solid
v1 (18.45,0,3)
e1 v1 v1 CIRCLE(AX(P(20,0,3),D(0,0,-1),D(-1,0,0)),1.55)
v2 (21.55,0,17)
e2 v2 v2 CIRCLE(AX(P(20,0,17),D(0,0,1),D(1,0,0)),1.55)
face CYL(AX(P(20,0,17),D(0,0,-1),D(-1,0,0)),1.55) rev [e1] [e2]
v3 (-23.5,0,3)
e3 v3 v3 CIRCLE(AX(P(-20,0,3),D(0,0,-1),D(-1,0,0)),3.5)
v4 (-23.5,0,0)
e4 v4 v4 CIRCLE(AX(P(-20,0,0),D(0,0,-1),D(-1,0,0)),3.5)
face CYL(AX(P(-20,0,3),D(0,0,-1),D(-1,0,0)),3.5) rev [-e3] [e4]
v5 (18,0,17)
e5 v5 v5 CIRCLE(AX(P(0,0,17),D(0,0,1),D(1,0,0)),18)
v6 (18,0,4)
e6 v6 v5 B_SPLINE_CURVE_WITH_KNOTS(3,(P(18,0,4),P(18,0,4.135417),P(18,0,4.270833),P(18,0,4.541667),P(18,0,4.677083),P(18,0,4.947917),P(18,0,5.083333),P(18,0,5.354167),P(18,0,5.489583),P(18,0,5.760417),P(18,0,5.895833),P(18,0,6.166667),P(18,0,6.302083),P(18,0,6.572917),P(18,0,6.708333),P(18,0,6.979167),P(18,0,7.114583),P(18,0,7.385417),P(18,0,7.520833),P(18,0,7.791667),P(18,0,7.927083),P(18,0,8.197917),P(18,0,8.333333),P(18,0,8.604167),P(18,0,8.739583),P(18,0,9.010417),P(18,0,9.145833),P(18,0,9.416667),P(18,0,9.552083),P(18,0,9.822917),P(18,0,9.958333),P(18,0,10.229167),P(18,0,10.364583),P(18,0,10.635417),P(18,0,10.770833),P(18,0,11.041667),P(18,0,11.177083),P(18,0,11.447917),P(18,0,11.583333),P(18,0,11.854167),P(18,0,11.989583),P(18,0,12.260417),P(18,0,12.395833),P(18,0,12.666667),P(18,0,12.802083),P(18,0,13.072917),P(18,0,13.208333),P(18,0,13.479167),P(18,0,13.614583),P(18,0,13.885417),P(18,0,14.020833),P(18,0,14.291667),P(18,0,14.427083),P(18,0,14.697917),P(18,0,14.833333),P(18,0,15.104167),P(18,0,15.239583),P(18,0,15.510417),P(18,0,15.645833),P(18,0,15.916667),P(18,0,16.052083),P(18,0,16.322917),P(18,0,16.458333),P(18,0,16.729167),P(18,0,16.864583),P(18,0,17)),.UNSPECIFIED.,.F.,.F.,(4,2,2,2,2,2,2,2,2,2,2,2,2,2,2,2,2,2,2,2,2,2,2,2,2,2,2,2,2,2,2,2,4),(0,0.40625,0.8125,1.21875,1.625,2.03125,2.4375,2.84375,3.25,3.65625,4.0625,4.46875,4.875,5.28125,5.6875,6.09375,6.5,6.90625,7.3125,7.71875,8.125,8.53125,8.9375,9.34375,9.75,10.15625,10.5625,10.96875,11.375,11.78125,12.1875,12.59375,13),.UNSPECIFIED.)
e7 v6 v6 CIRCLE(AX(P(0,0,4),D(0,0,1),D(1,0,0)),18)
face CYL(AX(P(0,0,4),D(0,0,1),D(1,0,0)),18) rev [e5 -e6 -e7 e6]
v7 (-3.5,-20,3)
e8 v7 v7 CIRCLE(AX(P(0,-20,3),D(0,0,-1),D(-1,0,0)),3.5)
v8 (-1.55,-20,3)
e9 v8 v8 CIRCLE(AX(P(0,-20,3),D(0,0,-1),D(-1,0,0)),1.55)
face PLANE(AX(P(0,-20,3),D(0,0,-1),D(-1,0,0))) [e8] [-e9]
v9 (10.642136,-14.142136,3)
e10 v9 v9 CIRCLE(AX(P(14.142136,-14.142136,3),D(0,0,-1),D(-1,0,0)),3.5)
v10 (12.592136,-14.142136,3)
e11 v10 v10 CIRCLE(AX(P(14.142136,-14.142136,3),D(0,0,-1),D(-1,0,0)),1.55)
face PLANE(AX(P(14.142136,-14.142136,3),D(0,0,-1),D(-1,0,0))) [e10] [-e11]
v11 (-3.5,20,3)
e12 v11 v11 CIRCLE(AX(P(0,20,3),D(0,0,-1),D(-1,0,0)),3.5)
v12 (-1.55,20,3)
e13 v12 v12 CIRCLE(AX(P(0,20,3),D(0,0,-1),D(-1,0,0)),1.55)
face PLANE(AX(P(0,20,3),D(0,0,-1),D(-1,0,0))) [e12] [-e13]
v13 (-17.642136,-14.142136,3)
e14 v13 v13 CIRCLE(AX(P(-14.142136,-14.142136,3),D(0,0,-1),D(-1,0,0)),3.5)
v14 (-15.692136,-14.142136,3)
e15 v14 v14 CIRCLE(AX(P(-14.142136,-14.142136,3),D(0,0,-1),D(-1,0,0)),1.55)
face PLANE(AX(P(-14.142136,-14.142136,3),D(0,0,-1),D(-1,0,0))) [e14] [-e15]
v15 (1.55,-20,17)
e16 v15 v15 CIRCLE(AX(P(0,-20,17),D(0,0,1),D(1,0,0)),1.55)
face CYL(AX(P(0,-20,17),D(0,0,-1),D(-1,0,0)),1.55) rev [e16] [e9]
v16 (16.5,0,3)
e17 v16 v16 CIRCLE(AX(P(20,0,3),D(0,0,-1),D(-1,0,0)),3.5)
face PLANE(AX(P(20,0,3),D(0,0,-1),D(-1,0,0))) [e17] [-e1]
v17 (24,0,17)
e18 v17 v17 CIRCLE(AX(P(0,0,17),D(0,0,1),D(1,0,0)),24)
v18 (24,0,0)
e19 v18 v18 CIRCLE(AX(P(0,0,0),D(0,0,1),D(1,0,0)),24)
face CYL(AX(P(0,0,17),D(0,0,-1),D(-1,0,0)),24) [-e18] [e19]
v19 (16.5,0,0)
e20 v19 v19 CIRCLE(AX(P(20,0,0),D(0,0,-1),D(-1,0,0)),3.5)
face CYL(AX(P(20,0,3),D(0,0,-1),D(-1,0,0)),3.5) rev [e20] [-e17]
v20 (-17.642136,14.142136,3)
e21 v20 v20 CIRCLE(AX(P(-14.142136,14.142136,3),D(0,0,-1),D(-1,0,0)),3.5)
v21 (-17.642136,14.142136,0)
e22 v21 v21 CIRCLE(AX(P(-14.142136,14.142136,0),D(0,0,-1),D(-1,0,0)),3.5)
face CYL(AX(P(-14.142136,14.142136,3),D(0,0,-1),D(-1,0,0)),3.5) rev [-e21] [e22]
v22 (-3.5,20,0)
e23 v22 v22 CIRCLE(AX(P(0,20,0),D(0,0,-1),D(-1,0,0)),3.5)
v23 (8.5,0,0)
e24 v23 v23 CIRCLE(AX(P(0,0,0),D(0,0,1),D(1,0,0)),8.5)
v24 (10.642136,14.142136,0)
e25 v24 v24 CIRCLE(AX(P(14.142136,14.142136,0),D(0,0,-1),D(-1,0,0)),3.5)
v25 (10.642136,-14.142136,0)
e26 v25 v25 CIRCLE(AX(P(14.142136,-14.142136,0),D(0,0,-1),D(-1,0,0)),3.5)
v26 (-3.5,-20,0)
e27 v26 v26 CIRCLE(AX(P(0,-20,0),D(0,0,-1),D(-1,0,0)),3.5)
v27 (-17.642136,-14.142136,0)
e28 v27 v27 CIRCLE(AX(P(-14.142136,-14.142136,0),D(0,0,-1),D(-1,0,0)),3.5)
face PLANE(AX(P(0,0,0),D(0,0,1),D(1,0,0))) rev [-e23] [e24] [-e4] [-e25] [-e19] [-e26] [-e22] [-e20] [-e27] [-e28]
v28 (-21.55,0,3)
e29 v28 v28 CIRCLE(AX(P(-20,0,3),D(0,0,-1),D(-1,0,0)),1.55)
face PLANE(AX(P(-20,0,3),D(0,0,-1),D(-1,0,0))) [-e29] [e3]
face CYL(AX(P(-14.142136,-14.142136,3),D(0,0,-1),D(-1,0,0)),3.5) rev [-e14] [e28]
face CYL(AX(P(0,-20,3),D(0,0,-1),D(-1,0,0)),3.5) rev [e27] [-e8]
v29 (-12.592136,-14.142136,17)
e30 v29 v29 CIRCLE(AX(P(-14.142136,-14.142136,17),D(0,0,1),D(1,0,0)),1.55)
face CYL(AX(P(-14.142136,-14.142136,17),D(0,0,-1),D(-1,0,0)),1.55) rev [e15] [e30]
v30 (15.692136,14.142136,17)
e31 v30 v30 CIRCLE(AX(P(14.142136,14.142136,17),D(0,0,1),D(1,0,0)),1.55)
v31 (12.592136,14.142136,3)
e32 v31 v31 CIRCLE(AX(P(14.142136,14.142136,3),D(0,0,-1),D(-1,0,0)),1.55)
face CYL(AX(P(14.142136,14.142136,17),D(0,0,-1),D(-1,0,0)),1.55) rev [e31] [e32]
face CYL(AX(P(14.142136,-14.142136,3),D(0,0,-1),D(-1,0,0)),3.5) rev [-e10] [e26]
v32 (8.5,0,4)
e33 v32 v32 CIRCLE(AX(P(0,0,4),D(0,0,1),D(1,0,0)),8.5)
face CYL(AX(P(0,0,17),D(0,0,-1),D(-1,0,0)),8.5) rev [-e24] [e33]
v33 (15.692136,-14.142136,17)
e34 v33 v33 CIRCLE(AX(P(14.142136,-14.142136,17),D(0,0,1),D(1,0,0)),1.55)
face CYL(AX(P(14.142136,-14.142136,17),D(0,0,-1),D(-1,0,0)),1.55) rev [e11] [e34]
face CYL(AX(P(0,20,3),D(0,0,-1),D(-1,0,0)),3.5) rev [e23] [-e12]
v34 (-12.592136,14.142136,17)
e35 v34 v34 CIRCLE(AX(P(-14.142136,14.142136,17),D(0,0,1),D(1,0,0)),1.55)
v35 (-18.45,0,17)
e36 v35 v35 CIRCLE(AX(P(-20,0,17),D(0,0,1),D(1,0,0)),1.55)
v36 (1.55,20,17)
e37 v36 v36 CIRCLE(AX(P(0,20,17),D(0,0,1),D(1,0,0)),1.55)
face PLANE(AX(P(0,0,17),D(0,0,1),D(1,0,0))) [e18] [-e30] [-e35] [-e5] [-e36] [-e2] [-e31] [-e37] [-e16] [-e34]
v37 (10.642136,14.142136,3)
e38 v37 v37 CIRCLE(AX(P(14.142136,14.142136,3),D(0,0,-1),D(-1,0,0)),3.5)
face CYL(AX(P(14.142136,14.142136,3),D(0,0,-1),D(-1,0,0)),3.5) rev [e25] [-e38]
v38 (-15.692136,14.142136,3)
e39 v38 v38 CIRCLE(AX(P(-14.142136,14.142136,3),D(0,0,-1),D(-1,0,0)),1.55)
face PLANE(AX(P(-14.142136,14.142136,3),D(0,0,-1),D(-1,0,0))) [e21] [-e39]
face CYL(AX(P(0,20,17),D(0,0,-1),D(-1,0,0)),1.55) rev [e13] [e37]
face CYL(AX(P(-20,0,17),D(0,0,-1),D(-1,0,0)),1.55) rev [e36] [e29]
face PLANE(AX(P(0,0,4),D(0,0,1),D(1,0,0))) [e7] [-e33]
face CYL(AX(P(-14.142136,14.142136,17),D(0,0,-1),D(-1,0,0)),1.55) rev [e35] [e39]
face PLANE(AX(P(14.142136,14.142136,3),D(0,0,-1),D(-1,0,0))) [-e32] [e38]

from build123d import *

# Parameters (mm, degrees)
SKETCH6_R           = 24
SKETCH6_R_2         = 1.55
SKETCH6_R_3         = 8.5
BOSS_EXTRUDE1_DEPTH = 17
SKETCH8_R           = 3.5
CUT_EXTRUDE6_DEPTH  = 3
SKETCH9_R           = 18
CUT_EXTRUDE7_DEPTH  = 13


with BuildPart() as part:
    # Sketch6 → Boss-Extrude1 (new body)
    with BuildSketch(Plane.XY):
        Circle(SKETCH6_R)
        with Locations((0, 20)):
            Circle(SKETCH6_R_2, mode=Mode.SUBTRACT)
        with Locations((14.142135624, 14.142135624)):
            Circle(SKETCH6_R_2, mode=Mode.SUBTRACT)
        with Locations((20, 0)):
            Circle(SKETCH6_R_2, mode=Mode.SUBTRACT)
        with Locations((14.142135624, -14.142135624)):
            Circle(SKETCH6_R_2, mode=Mode.SUBTRACT)
        with Locations((0, -20)):
            Circle(SKETCH6_R_2, mode=Mode.SUBTRACT)
        with Locations((-14.142135624, -14.142135624)):
            Circle(SKETCH6_R_2, mode=Mode.SUBTRACT)
        with Locations((-20, 0)):
            Circle(SKETCH6_R_2, mode=Mode.SUBTRACT)
        with Locations((-14.142135624, 14.142135624)):
            Circle(SKETCH6_R_2, mode=Mode.SUBTRACT)
        Circle(SKETCH6_R_3, mode=Mode.SUBTRACT)
    extrude(amount=BOSS_EXTRUDE1_DEPTH)

    # Sketch8 → Cut-Extrude6 (cut)
    with BuildSketch(Plane(origin=(0, 0, 0), x_dir=(-1, 0, 0), z_dir=(0, 0, -1))):
        with Locations((0, 20)):
            Circle(SKETCH8_R)
        with Locations((14.142135624, 14.142135624)):
            Circle(SKETCH8_R)
        with Locations((20, 0)):
            Circle(SKETCH8_R)
        with Locations((14.142135624, -14.142135624)):
            Circle(SKETCH8_R)
        with Locations((0, -20)):
            Circle(SKETCH8_R)
        with Locations((-14.142135624, -14.142135624)):
            Circle(SKETCH8_R)
        with Locations((-20, 0)):
            Circle(SKETCH8_R)
        with Locations((-14.142135624, 14.142135624)):
            Circle(SKETCH8_R)
    extrude(amount=-CUT_EXTRUDE6_DEPTH, mode=Mode.SUBTRACT)

    # Sketch9 → Cut-Extrude7 (cut)
    with BuildSketch(Plane.XY.offset(17)):
        Circle(SKETCH9_R)
    extrude(amount=-CUT_EXTRUDE7_DEPTH, mode=Mode.SUBTRACT)


solid = part.part
